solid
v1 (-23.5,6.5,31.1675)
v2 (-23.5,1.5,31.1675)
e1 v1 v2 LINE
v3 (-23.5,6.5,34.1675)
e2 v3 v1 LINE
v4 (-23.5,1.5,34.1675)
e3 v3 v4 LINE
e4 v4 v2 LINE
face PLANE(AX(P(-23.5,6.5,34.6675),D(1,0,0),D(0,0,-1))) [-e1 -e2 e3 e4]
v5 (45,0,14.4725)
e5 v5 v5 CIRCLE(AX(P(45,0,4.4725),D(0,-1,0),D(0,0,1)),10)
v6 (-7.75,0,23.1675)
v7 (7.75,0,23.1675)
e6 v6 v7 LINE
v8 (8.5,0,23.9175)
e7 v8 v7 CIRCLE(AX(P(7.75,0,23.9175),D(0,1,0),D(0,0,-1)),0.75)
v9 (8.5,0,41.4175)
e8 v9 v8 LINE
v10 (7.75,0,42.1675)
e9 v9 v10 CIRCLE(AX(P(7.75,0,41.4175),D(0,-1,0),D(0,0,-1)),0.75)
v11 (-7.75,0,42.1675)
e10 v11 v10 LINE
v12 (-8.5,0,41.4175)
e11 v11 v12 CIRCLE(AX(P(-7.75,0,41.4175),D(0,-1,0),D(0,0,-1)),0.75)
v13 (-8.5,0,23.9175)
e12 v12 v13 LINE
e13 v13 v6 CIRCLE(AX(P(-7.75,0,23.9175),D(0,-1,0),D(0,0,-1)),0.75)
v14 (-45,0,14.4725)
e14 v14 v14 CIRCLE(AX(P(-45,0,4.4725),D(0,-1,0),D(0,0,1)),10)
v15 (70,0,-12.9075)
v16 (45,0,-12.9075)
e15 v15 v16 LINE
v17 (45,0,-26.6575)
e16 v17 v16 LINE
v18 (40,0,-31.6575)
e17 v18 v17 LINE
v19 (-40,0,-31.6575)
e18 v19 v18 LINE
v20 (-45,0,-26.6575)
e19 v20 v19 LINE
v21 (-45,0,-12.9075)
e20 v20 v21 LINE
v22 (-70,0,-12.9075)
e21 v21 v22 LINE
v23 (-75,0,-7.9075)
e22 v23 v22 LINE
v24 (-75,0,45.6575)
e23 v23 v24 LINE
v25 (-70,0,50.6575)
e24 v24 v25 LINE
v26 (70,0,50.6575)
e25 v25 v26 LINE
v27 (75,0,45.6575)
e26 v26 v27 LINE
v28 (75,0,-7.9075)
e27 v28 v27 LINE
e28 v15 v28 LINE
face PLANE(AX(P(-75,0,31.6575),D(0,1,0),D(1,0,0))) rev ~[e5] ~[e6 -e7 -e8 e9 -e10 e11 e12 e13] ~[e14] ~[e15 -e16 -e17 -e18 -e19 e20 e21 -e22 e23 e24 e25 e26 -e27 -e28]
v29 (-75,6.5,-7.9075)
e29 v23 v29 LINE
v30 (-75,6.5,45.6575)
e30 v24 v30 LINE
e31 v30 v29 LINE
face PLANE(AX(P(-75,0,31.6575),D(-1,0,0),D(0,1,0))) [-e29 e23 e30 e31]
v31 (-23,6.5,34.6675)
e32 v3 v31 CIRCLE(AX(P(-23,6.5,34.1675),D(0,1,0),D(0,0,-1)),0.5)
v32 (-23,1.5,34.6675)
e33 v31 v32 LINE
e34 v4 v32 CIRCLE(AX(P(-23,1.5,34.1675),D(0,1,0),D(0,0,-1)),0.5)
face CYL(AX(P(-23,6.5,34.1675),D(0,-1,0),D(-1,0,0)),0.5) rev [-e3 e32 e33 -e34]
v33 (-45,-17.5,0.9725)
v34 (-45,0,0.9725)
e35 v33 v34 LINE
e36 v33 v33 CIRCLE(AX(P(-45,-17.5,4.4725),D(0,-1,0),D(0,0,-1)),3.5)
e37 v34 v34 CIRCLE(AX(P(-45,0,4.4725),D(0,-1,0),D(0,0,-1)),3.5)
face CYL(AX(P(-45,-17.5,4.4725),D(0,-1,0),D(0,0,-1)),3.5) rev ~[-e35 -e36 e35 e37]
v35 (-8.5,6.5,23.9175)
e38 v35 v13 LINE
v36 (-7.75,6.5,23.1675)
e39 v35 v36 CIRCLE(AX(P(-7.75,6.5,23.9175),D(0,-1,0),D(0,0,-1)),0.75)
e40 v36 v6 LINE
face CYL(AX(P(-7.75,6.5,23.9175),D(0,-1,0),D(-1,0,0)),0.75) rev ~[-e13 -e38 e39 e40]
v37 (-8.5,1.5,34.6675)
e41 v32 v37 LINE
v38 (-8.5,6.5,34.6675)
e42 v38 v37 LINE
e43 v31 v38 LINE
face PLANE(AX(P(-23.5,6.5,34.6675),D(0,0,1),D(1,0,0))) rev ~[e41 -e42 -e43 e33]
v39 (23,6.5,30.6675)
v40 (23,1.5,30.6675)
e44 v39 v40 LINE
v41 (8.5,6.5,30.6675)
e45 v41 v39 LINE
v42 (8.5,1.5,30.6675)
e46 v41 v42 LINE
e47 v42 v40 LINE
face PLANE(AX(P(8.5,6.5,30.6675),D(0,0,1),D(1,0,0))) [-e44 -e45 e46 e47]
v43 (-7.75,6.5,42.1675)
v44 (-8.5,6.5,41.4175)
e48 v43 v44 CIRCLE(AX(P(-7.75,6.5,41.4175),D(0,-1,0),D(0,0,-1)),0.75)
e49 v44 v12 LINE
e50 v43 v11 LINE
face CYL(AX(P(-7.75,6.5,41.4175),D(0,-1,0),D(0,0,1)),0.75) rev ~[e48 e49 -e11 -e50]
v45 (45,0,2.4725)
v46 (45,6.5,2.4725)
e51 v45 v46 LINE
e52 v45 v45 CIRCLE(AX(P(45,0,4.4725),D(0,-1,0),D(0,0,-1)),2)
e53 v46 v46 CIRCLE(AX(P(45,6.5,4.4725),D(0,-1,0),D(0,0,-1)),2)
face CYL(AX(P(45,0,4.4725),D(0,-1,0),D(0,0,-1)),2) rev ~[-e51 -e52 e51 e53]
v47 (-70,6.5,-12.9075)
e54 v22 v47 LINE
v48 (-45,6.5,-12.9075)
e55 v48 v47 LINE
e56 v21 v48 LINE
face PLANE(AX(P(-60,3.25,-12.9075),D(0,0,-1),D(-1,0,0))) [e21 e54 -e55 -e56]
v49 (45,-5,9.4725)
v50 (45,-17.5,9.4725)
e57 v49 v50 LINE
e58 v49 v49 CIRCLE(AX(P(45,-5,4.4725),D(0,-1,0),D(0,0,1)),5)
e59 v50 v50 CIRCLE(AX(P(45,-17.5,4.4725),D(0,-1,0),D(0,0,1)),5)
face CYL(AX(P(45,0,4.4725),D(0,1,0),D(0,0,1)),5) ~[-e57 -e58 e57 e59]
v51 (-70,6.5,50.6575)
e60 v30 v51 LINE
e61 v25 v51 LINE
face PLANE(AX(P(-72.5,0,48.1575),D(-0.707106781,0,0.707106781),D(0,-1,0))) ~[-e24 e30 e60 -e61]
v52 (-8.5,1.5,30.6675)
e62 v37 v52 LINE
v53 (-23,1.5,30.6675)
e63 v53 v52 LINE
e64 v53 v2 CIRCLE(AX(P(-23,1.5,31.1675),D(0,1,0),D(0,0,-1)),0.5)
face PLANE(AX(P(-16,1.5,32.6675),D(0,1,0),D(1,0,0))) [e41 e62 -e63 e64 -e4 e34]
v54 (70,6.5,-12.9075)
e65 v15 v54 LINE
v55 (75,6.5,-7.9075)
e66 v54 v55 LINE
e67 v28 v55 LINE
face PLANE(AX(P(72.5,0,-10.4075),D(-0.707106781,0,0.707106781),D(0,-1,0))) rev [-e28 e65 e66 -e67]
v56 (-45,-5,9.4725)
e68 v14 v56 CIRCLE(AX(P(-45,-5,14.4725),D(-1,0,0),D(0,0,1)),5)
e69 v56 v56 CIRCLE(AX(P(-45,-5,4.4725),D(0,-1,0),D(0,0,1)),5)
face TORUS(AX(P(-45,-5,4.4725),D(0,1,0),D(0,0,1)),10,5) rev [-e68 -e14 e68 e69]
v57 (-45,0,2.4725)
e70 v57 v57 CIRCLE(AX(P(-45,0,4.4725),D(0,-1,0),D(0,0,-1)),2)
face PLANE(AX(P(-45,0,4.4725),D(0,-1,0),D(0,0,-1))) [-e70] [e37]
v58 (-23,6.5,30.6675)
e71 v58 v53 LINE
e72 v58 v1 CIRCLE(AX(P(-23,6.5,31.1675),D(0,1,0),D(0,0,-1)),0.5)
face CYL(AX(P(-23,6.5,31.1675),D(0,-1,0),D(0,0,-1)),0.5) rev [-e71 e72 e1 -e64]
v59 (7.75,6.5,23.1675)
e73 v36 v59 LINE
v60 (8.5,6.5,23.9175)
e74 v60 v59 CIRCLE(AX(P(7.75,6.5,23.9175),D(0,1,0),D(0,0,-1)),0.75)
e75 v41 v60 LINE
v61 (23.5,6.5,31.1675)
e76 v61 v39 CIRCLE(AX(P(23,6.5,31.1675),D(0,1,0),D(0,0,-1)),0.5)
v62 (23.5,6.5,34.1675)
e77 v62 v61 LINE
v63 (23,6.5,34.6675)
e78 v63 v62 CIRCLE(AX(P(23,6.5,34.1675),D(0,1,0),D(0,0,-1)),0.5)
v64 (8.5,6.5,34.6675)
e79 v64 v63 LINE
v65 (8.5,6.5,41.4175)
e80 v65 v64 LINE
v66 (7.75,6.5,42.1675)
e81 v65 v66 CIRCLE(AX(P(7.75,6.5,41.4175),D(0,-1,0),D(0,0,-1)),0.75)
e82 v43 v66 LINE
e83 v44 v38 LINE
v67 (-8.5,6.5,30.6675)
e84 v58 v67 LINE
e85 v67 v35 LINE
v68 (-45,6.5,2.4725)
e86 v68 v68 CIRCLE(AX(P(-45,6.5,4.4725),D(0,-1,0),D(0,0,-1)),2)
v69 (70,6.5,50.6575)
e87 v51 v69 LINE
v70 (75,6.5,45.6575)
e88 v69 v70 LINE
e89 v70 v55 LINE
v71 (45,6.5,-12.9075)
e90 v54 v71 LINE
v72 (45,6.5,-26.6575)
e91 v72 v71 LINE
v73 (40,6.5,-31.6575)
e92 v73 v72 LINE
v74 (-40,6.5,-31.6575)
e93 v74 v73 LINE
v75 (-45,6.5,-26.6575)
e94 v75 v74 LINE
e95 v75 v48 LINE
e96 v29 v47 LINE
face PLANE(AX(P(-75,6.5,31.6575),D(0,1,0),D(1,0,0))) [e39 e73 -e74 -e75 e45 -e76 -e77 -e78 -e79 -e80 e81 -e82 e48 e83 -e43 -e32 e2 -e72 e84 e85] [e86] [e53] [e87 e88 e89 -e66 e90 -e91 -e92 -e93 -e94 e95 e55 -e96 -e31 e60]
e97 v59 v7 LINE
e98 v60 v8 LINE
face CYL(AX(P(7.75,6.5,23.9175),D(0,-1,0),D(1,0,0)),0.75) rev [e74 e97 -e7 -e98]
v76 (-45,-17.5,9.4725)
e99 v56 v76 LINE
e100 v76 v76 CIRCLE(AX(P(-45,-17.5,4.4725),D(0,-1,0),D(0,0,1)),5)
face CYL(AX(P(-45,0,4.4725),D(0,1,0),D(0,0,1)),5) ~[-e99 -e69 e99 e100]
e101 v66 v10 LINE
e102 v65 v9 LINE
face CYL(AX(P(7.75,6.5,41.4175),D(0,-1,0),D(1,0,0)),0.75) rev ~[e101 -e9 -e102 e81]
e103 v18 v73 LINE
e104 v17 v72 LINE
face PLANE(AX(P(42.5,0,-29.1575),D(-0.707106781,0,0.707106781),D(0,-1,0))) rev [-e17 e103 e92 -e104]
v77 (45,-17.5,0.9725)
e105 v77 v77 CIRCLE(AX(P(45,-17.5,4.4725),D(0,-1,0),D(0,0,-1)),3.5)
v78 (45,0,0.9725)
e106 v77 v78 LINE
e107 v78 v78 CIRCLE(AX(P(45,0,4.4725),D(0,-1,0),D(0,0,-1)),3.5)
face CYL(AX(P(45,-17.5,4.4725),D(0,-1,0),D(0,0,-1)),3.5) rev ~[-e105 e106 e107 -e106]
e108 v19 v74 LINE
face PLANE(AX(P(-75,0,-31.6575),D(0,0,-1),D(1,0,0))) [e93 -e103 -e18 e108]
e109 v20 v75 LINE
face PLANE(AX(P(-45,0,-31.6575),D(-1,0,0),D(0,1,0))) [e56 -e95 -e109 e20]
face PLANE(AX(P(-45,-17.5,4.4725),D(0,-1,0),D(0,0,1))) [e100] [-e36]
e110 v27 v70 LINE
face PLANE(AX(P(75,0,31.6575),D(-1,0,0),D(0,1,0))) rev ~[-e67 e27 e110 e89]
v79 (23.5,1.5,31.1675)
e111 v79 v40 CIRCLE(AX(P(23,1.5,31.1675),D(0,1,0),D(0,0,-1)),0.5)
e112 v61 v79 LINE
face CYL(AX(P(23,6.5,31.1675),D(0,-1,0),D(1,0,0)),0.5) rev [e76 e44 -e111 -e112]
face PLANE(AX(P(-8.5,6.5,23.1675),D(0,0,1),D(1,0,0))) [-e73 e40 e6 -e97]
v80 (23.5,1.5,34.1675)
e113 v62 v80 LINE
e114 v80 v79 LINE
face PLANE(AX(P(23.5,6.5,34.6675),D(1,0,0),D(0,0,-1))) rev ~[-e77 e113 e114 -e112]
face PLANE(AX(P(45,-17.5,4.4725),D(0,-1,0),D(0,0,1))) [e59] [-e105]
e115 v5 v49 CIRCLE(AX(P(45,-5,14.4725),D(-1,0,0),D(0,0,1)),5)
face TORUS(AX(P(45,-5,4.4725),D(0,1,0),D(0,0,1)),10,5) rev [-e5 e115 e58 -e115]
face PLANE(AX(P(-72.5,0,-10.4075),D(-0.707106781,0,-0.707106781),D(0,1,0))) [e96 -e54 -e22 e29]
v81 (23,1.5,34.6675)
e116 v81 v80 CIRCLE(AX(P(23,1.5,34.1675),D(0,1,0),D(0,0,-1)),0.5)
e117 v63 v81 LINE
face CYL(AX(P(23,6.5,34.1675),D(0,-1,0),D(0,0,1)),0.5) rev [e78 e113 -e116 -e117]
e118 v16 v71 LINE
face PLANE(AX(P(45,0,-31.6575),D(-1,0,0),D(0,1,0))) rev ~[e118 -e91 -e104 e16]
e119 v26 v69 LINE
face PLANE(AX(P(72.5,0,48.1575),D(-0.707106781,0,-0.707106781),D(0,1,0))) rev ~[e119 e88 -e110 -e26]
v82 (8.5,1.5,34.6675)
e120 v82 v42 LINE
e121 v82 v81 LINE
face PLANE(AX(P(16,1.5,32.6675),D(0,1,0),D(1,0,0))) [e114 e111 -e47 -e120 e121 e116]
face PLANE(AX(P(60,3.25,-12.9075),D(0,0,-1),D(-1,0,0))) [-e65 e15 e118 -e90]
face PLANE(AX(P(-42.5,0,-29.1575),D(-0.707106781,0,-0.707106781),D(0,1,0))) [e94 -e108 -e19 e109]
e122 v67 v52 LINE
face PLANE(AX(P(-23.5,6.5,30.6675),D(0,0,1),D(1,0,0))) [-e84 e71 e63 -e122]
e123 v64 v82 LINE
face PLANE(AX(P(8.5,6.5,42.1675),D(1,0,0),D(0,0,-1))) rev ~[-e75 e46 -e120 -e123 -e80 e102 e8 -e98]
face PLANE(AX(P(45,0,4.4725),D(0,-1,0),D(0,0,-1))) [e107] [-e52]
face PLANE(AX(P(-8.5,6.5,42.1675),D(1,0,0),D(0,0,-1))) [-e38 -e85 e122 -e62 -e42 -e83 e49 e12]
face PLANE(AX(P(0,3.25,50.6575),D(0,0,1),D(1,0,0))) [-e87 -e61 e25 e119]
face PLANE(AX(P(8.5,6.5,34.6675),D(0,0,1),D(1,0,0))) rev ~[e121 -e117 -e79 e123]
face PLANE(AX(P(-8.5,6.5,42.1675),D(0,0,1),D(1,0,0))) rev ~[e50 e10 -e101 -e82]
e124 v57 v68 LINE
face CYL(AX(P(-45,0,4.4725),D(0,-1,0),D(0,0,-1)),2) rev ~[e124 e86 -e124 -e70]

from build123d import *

# Parameters (mm, degrees)
SKETCH1_W           = 150
SKETCH1_H           = 63.315
BOSS_EXTRUDE1_DEPTH = 6.5
SKETCH3_W           = 30
SKETCH3_H           = 6.5
CUT_EXTRUDE1_DEPTH  = 18.75
CHAMFER1_SIZE       = 5
SKETCH5_R           = 5
BOSS_EXTRUDE3_DEPTH = 17.5
FILLET1_R           = 5
SKETCH6_R           = 3.5
CUT_EXTRUDE2_DEPTH  = 17.5
SKETCH7_R           = 3.5
CUT_EXTRUDE3_DEPTH  = 17.5
SKETCH8_R           = 2
CUT_EXTRUDE4_DEPTH  = 6.5
SKETCH11_W          = 150
SKETCH11_H          = 6.5
BOSS_EXTRUDE4_DEPTH = 19
SKETCH12_W          = 17
SKETCH12_H          = 19
CUT_EXTRUDE5_DEPTH  = 19
SKETCH13_W          = 15
SKETCH13_H          = 4
CUT_EXTRUDE6_DEPTH  = 5
FILLET2_R           = 0.5
FILLET3_R           = 0.75
CHAMFER2_SIZE       = 5


with BuildPart() as part:
    # Sketch1 → Boss-Extrude1 (new body)
    with BuildSketch(Plane(origin=(0, 0, 0), x_dir=(1, 0, 0), z_dir=(0, 1, 0))):
        Rectangle(SKETCH1_W, SKETCH1_H)
    extrude(amount=BOSS_EXTRUDE1_DEPTH)

    # Sketch3 → Cut-Extrude1 (cut)
    with BuildSketch(Plane(origin=(0, 0, -31.6575), x_dir=(-1, 0, 0), z_dir=(0, 0, -1))):
        with Locations((-60, 3.25)):
            Rectangle(SKETCH3_W, SKETCH3_H)
        with Locations((60, 3.25)):
            Rectangle(SKETCH3_W, SKETCH3_H)
    extrude(amount=-CUT_EXTRUDE1_DEPTH, mode=Mode.SUBTRACT)

    # Chamfer1
    chamfer1_edges = [part.edges().sort_by_distance(p)[0] for p in [
        (75, 3.25, -12.9075),
        (45, 3.25, -31.6575),
        (-75, 3.25, -12.9075),
        (-45, 3.25, -31.6575),
    ]]
    chamfer(chamfer1_edges, length=CHAMFER1_SIZE)

    # Sketch5 → Boss-Extrude3 (add)
    with BuildSketch(Plane.XZ):
        with Locations(Location((45, 4.4725, 0), (0, 0, 90))):
            Circle(SKETCH5_R)
        with Locations(Location((-45, 4.4725, 0), (0, 0, 90))):
            Circle(SKETCH5_R)
    extrude(amount=BOSS_EXTRUDE3_DEPTH)

    # Fillet1
    fillet1_edges = [part.edges().sort_by_distance(p)[0] for p in [
        (45, 0, -0.5275),
        (-45, 0, -0.5275),
    ]]
    fillet(fillet1_edges, radius=FILLET1_R)

    # Sketch6 → Cut-Extrude2 (cut)
    with BuildSketch(Plane.XZ.offset(17.5)):
        with Locations(Location((45, 4.4725, 0), (0, 0, 270))):
            Circle(SKETCH6_R)
    extrude(amount=-CUT_EXTRUDE2_DEPTH, mode=Mode.SUBTRACT)

    # Sketch7 → Cut-Extrude3 (cut)
    with BuildSketch(Plane.XZ.offset(17.5)):
        with Locations(Location((-45, 4.4725, 0), (0, 0, 270))):
            Circle(SKETCH7_R)
    extrude(amount=-CUT_EXTRUDE3_DEPTH, mode=Mode.SUBTRACT)

    # Sketch8 → Cut-Extrude4 (cut)
    with BuildSketch(Plane.XZ):
        with Locations(Location((45, 4.4725, 0), (0, 0, 270))):
            Circle(SKETCH8_R)
        with Locations(Location((-45, 4.4725, 0), (0, 0, 270))):
            Circle(SKETCH8_R)
    extrude(amount=-CUT_EXTRUDE4_DEPTH, mode=Mode.SUBTRACT)

    # Sketch11 → Boss-Extrude4 (add)
    with BuildSketch(Plane.XY.offset(31.6575)):
        with Locations((0, 3.25)):
            Rectangle(SKETCH11_W, SKETCH11_H)
    extrude(amount=BOSS_EXTRUDE4_DEPTH)

    # Sketch12 → Cut-Extrude5 (cut)
    with BuildSketch(Plane(origin=(0, 6.5, 0), x_dir=(1, 0, 0), z_dir=(0, 1, 0))):
        with Locations((0, -32.6675)):
            Rectangle(SKETCH12_W, SKETCH12_H)
    extrude(amount=-CUT_EXTRUDE5_DEPTH, mode=Mode.SUBTRACT)

    # Sketch13 → Cut-Extrude6 (cut)
    with BuildSketch(Plane(origin=(0, 6.5, 0), x_dir=(1, 0, 0), z_dir=(0, 1, 0))):
        with Locations((-16, -32.6675)):
            Rectangle(SKETCH13_W, SKETCH13_H)
        with Locations((16, -32.6675)):
            Rectangle(SKETCH13_W, SKETCH13_H)
    extrude(amount=-CUT_EXTRUDE6_DEPTH, mode=Mode.SUBTRACT)

    # Fillet2
    fillet2_edges = [part.edges().sort_by_distance(p)[0] for p in [
        (-23.5, 4, 34.6675),
        (-23.5, 4, 30.6675),
        (23.5, 4, 30.6675),
        (23.5, 4, 34.6675),
    ]]
    fillet(fillet2_edges, radius=FILLET2_R)

    # Fillet3
    fillet3_edges = [part.edges().sort_by_distance(p)[0] for p in [
        (8.5, 3.25, 42.1675),
        (-8.5, 3.25, 42.1675),
        (-8.5, 3.25, 23.1675),
        (8.5, 3.25, 23.1675),
    ]]
    fillet(fillet3_edges, radius=FILLET3_R)

    # Chamfer2
    chamfer2_edges = [part.edges().sort_by_distance(p)[0] for p in [
        (-75, 3.25, 50.6575),
        (75, 3.25, 50.6575),
    ]]
    chamfer(chamfer2_edges, length=CHAMFER2_SIZE)


solid = part.part
